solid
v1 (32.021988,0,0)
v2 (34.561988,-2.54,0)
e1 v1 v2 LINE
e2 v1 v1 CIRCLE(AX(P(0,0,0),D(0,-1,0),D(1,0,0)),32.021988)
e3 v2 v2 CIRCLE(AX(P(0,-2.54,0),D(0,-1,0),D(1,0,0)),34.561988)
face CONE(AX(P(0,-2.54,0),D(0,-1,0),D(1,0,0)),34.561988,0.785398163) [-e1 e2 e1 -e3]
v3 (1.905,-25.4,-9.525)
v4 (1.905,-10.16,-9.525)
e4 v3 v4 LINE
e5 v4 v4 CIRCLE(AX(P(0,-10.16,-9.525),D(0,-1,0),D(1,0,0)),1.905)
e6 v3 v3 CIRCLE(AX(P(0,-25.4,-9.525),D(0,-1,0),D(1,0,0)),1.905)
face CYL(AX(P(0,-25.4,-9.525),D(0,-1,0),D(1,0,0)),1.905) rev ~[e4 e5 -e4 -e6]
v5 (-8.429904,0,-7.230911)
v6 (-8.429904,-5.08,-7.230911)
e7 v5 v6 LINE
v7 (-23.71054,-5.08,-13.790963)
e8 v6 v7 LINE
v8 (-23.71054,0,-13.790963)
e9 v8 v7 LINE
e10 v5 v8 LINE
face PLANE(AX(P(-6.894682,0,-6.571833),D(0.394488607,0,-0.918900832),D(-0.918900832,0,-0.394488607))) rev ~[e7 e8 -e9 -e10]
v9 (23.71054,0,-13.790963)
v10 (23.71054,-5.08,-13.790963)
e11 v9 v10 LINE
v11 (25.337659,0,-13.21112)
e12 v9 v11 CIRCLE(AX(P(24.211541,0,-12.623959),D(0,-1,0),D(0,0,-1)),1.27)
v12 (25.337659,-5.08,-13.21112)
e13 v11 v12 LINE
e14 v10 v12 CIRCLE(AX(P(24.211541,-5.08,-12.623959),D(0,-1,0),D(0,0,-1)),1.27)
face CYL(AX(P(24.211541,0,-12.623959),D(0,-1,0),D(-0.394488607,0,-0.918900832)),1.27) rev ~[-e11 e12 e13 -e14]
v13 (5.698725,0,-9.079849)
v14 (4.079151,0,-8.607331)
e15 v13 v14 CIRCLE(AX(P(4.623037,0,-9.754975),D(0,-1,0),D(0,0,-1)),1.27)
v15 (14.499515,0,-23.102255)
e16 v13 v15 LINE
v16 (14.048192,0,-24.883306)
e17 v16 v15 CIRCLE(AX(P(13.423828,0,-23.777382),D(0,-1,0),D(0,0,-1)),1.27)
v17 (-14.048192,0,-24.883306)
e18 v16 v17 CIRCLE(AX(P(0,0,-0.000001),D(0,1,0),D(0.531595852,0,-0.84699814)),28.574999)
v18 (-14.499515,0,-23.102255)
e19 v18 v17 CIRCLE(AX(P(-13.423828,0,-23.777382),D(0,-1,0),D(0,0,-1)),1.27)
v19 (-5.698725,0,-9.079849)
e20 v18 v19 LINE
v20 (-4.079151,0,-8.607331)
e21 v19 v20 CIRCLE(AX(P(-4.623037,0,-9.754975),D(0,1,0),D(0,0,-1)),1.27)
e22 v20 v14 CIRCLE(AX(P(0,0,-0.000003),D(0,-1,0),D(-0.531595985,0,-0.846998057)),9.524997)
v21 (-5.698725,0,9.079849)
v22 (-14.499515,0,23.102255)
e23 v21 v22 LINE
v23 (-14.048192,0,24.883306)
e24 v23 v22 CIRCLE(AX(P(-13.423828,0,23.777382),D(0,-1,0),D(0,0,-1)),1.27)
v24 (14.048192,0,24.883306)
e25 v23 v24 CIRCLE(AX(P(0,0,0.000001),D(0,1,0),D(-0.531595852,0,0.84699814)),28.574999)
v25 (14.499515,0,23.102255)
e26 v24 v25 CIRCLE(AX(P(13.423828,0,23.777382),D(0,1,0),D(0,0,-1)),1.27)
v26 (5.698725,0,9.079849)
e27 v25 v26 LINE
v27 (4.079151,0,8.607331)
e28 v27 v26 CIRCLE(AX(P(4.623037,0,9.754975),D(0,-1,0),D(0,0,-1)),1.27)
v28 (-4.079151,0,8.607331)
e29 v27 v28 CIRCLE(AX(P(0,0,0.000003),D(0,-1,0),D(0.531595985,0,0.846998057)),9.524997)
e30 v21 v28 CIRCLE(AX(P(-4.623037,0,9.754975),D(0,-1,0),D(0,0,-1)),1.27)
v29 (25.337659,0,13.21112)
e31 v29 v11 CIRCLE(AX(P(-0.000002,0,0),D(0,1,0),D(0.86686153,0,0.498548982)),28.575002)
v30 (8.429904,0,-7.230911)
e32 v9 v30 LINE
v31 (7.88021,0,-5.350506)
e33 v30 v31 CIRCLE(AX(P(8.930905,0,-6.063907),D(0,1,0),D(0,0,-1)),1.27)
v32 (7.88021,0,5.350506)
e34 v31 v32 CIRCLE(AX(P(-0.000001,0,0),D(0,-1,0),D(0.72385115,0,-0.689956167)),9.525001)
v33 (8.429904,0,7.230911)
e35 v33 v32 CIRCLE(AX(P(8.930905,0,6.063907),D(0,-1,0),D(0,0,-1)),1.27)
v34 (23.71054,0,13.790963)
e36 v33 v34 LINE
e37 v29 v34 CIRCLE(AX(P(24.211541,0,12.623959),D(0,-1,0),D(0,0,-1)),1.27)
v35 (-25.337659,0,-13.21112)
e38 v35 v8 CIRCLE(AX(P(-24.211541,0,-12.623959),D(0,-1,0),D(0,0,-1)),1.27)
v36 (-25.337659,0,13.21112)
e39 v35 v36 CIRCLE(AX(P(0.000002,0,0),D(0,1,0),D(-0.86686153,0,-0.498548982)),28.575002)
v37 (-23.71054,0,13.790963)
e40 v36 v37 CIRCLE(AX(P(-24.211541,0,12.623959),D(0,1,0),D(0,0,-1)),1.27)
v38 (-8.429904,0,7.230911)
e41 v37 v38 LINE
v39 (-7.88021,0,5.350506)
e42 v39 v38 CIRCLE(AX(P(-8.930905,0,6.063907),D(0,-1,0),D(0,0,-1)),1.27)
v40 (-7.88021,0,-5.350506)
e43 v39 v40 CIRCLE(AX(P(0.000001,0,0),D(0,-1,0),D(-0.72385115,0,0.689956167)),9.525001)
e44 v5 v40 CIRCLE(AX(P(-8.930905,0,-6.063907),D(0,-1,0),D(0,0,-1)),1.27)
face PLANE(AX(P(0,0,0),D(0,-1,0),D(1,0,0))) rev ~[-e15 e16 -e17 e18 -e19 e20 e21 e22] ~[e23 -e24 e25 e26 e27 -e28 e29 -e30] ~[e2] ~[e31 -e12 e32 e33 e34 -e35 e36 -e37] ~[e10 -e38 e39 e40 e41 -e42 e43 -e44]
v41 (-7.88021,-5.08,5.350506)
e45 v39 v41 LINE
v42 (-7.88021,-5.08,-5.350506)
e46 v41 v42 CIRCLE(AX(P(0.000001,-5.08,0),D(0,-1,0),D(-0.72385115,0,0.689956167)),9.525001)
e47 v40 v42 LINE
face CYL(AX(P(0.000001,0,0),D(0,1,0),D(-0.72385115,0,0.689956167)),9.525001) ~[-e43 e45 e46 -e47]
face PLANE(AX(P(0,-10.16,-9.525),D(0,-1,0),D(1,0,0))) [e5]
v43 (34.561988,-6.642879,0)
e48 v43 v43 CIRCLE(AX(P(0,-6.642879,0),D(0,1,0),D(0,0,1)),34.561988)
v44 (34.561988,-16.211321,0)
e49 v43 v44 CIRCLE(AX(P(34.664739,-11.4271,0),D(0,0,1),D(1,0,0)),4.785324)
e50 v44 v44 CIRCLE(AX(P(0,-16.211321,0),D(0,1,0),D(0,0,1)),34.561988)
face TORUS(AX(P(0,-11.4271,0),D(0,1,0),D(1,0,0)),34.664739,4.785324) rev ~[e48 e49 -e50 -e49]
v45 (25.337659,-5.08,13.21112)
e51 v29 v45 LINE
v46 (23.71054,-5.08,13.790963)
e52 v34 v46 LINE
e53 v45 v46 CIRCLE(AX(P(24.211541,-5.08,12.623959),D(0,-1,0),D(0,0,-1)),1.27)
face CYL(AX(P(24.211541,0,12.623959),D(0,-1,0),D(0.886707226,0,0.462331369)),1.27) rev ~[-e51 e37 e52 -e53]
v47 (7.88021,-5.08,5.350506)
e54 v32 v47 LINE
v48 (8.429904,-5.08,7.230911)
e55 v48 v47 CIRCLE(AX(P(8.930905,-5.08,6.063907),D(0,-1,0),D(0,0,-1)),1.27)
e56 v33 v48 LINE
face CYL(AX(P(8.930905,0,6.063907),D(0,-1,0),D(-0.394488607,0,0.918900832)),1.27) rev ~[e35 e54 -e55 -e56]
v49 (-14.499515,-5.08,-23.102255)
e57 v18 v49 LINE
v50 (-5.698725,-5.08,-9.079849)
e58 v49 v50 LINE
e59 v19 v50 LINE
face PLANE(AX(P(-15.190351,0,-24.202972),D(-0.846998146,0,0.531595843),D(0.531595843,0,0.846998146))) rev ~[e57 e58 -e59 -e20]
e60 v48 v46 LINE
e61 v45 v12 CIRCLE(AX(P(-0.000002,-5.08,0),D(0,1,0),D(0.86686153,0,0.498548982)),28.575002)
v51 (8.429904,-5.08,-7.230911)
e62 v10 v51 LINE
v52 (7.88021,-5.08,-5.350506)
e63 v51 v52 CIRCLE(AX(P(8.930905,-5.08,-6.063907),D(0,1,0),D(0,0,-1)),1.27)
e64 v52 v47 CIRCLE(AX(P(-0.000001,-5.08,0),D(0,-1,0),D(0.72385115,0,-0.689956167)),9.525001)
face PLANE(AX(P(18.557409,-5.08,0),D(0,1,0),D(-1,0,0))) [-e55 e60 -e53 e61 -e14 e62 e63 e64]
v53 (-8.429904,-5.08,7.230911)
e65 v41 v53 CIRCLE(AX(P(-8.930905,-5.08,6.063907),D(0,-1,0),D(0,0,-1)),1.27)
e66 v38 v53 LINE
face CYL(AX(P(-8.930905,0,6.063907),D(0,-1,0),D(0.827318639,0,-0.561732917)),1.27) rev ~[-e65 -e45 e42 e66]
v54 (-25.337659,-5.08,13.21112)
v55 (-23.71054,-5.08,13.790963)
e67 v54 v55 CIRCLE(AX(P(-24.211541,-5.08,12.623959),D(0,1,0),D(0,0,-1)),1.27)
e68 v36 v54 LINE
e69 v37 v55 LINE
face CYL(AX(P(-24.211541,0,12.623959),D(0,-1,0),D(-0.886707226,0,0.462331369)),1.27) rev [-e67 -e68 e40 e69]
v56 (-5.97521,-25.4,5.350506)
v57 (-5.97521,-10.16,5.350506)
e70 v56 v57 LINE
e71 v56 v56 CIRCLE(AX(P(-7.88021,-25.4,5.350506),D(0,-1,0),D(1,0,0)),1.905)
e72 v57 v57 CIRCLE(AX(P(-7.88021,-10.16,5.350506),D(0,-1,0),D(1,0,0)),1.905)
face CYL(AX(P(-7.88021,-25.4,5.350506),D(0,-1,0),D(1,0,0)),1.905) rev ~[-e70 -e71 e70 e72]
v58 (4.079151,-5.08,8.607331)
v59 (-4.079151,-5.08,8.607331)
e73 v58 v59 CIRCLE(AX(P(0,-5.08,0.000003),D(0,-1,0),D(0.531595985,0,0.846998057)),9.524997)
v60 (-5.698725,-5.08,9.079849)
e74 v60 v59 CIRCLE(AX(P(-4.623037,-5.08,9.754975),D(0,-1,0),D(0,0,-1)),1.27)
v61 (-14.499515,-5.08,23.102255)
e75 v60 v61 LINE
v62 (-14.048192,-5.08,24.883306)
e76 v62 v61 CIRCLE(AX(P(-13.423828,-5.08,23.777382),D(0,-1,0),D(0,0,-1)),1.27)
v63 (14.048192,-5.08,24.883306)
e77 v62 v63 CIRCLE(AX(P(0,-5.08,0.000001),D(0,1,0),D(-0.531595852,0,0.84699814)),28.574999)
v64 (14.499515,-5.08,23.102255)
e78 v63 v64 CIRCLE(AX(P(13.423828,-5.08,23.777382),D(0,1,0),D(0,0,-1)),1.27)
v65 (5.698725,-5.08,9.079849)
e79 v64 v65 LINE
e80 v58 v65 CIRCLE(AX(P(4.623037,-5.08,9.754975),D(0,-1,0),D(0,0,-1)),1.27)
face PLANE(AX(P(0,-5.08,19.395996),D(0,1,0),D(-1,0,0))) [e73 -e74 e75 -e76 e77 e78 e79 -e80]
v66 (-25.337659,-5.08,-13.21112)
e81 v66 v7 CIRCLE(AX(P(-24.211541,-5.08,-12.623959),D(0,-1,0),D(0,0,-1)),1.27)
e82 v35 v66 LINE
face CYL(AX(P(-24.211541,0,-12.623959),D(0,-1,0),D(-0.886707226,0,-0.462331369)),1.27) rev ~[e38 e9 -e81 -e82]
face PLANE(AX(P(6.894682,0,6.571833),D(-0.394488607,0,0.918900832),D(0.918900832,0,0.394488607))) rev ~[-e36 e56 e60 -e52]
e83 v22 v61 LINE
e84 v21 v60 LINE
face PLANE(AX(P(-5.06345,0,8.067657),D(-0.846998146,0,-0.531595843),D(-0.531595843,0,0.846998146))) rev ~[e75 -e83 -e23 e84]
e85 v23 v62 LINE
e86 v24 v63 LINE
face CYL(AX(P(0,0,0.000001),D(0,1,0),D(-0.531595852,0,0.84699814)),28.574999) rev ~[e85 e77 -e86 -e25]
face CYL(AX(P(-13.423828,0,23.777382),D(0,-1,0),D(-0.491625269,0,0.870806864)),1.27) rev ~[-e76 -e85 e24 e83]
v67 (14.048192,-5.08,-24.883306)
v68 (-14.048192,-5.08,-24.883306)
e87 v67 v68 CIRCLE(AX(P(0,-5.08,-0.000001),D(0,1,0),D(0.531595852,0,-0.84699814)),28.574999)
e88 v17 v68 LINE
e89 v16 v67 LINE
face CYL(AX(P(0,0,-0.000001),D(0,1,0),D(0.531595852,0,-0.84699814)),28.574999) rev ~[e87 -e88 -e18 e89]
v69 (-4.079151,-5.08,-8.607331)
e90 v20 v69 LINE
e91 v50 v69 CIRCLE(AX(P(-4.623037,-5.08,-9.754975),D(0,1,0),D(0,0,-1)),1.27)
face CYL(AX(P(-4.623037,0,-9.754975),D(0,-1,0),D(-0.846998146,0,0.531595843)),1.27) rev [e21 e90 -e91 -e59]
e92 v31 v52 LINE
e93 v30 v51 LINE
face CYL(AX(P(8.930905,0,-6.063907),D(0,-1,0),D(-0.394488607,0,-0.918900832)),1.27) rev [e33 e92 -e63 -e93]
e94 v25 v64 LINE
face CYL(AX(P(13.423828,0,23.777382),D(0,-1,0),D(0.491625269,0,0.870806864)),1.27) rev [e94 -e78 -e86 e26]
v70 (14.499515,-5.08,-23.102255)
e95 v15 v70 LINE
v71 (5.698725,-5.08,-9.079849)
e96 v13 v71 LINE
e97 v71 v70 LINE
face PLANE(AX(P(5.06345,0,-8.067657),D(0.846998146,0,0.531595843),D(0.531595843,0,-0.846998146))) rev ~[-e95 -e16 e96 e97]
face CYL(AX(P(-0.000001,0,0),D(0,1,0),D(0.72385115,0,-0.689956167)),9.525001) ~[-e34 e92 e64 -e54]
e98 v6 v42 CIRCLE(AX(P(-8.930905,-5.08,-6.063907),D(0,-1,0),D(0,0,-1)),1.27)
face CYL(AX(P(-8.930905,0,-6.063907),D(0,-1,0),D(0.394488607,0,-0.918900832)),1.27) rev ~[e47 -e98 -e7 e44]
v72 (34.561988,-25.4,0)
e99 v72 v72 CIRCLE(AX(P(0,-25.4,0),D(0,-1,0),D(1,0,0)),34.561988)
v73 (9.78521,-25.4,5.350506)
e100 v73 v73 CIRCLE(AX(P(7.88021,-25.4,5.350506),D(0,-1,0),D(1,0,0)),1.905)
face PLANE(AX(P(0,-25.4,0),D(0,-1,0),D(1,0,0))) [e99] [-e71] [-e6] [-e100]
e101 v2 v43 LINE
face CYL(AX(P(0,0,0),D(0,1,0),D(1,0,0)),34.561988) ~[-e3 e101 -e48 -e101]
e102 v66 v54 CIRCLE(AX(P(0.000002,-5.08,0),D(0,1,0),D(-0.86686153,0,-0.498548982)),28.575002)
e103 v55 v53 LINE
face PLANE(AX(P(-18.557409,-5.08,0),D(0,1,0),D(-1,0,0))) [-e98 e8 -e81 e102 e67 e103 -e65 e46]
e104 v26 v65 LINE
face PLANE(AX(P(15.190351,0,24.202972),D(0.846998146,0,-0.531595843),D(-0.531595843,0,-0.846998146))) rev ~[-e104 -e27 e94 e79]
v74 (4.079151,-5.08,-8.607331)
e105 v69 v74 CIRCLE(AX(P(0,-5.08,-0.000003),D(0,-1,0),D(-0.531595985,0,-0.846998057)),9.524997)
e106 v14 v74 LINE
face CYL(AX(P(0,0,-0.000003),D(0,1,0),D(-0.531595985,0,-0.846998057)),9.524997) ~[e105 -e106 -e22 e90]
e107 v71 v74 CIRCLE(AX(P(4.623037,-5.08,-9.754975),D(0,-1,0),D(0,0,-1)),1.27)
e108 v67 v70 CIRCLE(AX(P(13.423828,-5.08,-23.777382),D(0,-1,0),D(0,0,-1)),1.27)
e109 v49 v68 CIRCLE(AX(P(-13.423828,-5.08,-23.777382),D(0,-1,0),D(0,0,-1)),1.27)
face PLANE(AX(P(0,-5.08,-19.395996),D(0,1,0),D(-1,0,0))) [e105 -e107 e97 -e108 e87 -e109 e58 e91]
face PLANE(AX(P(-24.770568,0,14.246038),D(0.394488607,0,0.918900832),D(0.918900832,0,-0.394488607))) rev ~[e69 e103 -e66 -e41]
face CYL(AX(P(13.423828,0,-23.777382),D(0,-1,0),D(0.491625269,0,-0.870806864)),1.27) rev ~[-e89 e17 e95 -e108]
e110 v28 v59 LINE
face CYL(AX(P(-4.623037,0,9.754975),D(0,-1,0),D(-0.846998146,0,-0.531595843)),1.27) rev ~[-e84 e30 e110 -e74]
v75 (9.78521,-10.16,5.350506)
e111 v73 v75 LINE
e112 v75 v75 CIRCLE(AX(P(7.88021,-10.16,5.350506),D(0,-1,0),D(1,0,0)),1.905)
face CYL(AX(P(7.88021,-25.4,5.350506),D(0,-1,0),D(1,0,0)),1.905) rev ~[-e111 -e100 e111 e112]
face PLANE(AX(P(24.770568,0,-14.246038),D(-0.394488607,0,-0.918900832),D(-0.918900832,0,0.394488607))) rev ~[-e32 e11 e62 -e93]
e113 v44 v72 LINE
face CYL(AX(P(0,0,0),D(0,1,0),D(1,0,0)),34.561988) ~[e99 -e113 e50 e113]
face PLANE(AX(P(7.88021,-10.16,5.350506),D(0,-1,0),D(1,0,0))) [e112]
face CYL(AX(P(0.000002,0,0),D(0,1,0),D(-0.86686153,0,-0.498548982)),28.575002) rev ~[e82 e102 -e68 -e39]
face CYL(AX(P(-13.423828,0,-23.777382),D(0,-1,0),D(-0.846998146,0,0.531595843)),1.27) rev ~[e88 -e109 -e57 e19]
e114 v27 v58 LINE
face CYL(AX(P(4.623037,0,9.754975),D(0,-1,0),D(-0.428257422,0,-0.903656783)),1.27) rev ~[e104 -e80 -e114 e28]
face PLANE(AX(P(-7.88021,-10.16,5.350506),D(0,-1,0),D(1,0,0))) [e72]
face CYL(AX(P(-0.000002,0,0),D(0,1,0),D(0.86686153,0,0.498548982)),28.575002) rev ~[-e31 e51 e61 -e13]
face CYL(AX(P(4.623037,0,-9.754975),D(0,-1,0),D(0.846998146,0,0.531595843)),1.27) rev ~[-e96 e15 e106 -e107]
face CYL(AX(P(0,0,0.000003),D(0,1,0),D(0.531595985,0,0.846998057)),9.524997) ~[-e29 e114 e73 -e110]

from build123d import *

# Parameters (mm, degrees)
F0_R     = 34.561988
F1_DEPTH = 25.4
F3_DEPTH = 5.08
F4_R     = 1.27
F5_R     = 4.785324
F7_SIZE  = 2.54
F8_R     = 1.905
F9_DEPTH = 15.24


with BuildPart() as f1:
    # F0 (on Front) → F1 (new body)
    with BuildSketch(Plane.XZ):
        Circle(F0_R)
        with BuildLine():
            ThreePointArc((16.74505, -23.154566), (0, -28.575), (-16.74505, -23.154566))
            Line((-16.74505, -23.154566), (-5.581683, -7.718189))
            ThreePointArc((-5.581683, -7.718189), (0, -9.525), (5.581683, -7.718189))
            Line((5.581683, -7.718189), (16.74505, -23.154566))
        make_face(mode=Mode.SUBTRACT)
        with BuildLine():
            Line((-25.330056, 13.22569), (-7.497648, 5.874598))
            ThreePointArc((-7.497648, 5.874598), (-9.525, 0), (-7.497648, -5.874598))
            Line((-7.497648, -5.874598), (-25.330056, -13.22569))
            ThreePointArc((-25.330056, -13.22569), (-28.575, 0), (-25.330056, 13.22569))
        make_face(mode=Mode.SUBTRACT)
        with BuildLine():
            ThreePointArc((7.497648, -5.874598), (9.525, 0), (7.497648, 5.874598))
            Line((7.497648, 5.874598), (25.330056, 13.22569))
            ThreePointArc((25.330056, 13.22569), (28.575, 0), (25.330056, -13.22569))
            Line((25.330056, -13.22569), (7.497648, -5.874598))
        make_face(mode=Mode.SUBTRACT)
        with BuildLine():
            Line((-5.581683, 7.718189), (-16.74505, 23.154566))
            ThreePointArc((-16.74505, 23.154566), (0, 28.575), (16.74505, 23.154566))
            Line((16.74505, 23.154566), (5.581683, 7.718189))
            ThreePointArc((5.581683, 7.718189), (0, 9.525), (-5.581683, 7.718189))
        make_face(mode=Mode.SUBTRACT)
        with BuildLine():
            Line((25.330056, 13.22569), (7.497648, 5.874598))
            ThreePointArc((7.497648, 5.874598), (9.525, 0), (7.497648, -5.874598))
            Line((7.497648, -5.874598), (25.330056, -13.22569))
            ThreePointArc((25.330056, -13.22569), (28.575, 0), (25.330056, 13.22569))
        make_face()
        with BuildLine():
            ThreePointArc((16.74505, 23.154566), (0, 28.575), (-16.74505, 23.154566))
            Line((-16.74505, 23.154566), (-5.581683, 7.718189))
            ThreePointArc((-5.581683, 7.718189), (0, 9.525), (5.581683, 7.718189))
            Line((5.581683, 7.718189), (16.74505, 23.154566))
        make_face()
        with BuildLine():
            ThreePointArc((-7.497648, -5.874598), (-9.525, 0), (-7.497648, 5.874598))
            Line((-7.497648, 5.874598), (-25.330056, 13.22569))
            ThreePointArc((-25.330056, 13.22569), (-28.575, 0), (-25.330056, -13.22569))
            Line((-25.330056, -13.22569), (-7.497648, -5.874598))
        make_face()
        with BuildLine():
            Line((-5.581683, -7.718189), (-16.74505, -23.154566))
            ThreePointArc((-16.74505, -23.154566), (0, -28.575), (16.74505, -23.154566))
            Line((16.74505, -23.154566), (5.581683, -7.718189))
            ThreePointArc((5.581683, -7.718189), (0, -9.525), (-5.581683, -7.718189))
        make_face()
    extrude(amount=F1_DEPTH)

    # F2 (on face) → F3 (cut)
    with BuildSketch(Plane(origin=(0, 0, 0), x_dir=(-1, 0, 0), z_dir=(0, 1, 0))):
        with BuildLine():
            ThreePointArc((-6.894682, -6.571833), (-9.525, 0), (-6.894682, 6.571833))
            Line((-6.894682, 6.571833), (-24.770568, 14.246038))
            ThreePointArc((-24.770568, 14.246038), (-28.575, 0), (-24.770568, -14.246038))
            Line((-24.770568, -14.246038), (-6.894682, -6.571833))
        make_face()
        with BuildLine():
            Line((-15.190351, 24.202972), (-5.06345, 8.067657))
            ThreePointArc((-5.06345, 8.067657), (0, 9.525), (5.06345, 8.067657))
            Line((5.06345, 8.067657), (15.190351, 24.202972))
            ThreePointArc((15.190351, 24.202972), (0, 28.575), (-15.190351, 24.202972))
        make_face()
        with BuildLine():
            Line((24.770568, 14.246038), (6.894682, 6.571833))
            ThreePointArc((6.894682, 6.571833), (9.525, 0), (6.894682, -6.571833))
            Line((6.894682, -6.571833), (24.770568, -14.246038))
            ThreePointArc((24.770568, -14.246038), (28.575, 0), (24.770568, 14.246038))
        make_face()
        with BuildLine():
            ThreePointArc((5.06345, -8.067657), (0, -9.525), (-5.06345, -8.067657))
            Line((-5.06345, -8.067657), (-15.190351, -24.202972))
            ThreePointArc((-15.190351, -24.202972), (0, -28.575), (15.190351, -24.202972))
            Line((15.190351, -24.202972), (5.06345, -8.067657))
        make_face()
    extrude(amount=-F3_DEPTH, mode=Mode.SUBTRACT)

    # F4
    f4_edges = [f1.edges().sort_by_distance(p)[0] for p in [
        (24.770568, -2.54, 14.246038),
        (24.770568, -2.54, -14.246038),
        (6.894682, -2.54, -6.571833),
        (6.894682, -2.54, 6.571833),
        (5.06345, -2.54, 8.067657),
        (15.190351, -2.54, 24.202972),
        (-15.190351, -2.54, 24.202972),
        (-5.06345, -2.54, 8.067657),
        (-6.894682, -2.54, 6.571833),
        (-6.894682, -2.54, -6.571833),
        (-24.770568, -2.54, -14.246038),
        (-24.770568, -2.54, 14.246038),
        (-5.06345, -2.54, -8.067657),
        (5.06345, -2.54, -8.067657),
        (15.190351, -2.54, -24.202972),
        (-15.190351, -2.54, -24.202972),
    ]]
    fillet(f4_edges, radius=F4_R)

    # F5 (on Top) → F6 (revolve, cut)
    with BuildSketch(Plane.XY):
        with Locations((34.664739, -11.4271)):
            Circle(F5_R)
    revolve(axis=Axis((0, 0, 0), (0, 1, 0)), mode=Mode.SUBTRACT)

    # F7
    f7_edges = [f1.edges().sort_by_distance(p)[0] for p in [
        (-34.561988, 0, 0),
    ]]
    chamfer(f7_edges, length=F7_SIZE)

    # F8 (on face) → F9 (cut)
    with BuildSketch(Plane.XZ.offset(25.4)):
        with Locations((-7.88021, 5.350506)):
            Circle(F8_R)
        with Locations((7.88021, 5.350506)):
            Circle(F8_R)
        with Locations((0, -9.525)):
            Circle(F8_R)
    extrude(amount=-F9_DEPTH, mode=Mode.SUBTRACT)


solid = f1.part
